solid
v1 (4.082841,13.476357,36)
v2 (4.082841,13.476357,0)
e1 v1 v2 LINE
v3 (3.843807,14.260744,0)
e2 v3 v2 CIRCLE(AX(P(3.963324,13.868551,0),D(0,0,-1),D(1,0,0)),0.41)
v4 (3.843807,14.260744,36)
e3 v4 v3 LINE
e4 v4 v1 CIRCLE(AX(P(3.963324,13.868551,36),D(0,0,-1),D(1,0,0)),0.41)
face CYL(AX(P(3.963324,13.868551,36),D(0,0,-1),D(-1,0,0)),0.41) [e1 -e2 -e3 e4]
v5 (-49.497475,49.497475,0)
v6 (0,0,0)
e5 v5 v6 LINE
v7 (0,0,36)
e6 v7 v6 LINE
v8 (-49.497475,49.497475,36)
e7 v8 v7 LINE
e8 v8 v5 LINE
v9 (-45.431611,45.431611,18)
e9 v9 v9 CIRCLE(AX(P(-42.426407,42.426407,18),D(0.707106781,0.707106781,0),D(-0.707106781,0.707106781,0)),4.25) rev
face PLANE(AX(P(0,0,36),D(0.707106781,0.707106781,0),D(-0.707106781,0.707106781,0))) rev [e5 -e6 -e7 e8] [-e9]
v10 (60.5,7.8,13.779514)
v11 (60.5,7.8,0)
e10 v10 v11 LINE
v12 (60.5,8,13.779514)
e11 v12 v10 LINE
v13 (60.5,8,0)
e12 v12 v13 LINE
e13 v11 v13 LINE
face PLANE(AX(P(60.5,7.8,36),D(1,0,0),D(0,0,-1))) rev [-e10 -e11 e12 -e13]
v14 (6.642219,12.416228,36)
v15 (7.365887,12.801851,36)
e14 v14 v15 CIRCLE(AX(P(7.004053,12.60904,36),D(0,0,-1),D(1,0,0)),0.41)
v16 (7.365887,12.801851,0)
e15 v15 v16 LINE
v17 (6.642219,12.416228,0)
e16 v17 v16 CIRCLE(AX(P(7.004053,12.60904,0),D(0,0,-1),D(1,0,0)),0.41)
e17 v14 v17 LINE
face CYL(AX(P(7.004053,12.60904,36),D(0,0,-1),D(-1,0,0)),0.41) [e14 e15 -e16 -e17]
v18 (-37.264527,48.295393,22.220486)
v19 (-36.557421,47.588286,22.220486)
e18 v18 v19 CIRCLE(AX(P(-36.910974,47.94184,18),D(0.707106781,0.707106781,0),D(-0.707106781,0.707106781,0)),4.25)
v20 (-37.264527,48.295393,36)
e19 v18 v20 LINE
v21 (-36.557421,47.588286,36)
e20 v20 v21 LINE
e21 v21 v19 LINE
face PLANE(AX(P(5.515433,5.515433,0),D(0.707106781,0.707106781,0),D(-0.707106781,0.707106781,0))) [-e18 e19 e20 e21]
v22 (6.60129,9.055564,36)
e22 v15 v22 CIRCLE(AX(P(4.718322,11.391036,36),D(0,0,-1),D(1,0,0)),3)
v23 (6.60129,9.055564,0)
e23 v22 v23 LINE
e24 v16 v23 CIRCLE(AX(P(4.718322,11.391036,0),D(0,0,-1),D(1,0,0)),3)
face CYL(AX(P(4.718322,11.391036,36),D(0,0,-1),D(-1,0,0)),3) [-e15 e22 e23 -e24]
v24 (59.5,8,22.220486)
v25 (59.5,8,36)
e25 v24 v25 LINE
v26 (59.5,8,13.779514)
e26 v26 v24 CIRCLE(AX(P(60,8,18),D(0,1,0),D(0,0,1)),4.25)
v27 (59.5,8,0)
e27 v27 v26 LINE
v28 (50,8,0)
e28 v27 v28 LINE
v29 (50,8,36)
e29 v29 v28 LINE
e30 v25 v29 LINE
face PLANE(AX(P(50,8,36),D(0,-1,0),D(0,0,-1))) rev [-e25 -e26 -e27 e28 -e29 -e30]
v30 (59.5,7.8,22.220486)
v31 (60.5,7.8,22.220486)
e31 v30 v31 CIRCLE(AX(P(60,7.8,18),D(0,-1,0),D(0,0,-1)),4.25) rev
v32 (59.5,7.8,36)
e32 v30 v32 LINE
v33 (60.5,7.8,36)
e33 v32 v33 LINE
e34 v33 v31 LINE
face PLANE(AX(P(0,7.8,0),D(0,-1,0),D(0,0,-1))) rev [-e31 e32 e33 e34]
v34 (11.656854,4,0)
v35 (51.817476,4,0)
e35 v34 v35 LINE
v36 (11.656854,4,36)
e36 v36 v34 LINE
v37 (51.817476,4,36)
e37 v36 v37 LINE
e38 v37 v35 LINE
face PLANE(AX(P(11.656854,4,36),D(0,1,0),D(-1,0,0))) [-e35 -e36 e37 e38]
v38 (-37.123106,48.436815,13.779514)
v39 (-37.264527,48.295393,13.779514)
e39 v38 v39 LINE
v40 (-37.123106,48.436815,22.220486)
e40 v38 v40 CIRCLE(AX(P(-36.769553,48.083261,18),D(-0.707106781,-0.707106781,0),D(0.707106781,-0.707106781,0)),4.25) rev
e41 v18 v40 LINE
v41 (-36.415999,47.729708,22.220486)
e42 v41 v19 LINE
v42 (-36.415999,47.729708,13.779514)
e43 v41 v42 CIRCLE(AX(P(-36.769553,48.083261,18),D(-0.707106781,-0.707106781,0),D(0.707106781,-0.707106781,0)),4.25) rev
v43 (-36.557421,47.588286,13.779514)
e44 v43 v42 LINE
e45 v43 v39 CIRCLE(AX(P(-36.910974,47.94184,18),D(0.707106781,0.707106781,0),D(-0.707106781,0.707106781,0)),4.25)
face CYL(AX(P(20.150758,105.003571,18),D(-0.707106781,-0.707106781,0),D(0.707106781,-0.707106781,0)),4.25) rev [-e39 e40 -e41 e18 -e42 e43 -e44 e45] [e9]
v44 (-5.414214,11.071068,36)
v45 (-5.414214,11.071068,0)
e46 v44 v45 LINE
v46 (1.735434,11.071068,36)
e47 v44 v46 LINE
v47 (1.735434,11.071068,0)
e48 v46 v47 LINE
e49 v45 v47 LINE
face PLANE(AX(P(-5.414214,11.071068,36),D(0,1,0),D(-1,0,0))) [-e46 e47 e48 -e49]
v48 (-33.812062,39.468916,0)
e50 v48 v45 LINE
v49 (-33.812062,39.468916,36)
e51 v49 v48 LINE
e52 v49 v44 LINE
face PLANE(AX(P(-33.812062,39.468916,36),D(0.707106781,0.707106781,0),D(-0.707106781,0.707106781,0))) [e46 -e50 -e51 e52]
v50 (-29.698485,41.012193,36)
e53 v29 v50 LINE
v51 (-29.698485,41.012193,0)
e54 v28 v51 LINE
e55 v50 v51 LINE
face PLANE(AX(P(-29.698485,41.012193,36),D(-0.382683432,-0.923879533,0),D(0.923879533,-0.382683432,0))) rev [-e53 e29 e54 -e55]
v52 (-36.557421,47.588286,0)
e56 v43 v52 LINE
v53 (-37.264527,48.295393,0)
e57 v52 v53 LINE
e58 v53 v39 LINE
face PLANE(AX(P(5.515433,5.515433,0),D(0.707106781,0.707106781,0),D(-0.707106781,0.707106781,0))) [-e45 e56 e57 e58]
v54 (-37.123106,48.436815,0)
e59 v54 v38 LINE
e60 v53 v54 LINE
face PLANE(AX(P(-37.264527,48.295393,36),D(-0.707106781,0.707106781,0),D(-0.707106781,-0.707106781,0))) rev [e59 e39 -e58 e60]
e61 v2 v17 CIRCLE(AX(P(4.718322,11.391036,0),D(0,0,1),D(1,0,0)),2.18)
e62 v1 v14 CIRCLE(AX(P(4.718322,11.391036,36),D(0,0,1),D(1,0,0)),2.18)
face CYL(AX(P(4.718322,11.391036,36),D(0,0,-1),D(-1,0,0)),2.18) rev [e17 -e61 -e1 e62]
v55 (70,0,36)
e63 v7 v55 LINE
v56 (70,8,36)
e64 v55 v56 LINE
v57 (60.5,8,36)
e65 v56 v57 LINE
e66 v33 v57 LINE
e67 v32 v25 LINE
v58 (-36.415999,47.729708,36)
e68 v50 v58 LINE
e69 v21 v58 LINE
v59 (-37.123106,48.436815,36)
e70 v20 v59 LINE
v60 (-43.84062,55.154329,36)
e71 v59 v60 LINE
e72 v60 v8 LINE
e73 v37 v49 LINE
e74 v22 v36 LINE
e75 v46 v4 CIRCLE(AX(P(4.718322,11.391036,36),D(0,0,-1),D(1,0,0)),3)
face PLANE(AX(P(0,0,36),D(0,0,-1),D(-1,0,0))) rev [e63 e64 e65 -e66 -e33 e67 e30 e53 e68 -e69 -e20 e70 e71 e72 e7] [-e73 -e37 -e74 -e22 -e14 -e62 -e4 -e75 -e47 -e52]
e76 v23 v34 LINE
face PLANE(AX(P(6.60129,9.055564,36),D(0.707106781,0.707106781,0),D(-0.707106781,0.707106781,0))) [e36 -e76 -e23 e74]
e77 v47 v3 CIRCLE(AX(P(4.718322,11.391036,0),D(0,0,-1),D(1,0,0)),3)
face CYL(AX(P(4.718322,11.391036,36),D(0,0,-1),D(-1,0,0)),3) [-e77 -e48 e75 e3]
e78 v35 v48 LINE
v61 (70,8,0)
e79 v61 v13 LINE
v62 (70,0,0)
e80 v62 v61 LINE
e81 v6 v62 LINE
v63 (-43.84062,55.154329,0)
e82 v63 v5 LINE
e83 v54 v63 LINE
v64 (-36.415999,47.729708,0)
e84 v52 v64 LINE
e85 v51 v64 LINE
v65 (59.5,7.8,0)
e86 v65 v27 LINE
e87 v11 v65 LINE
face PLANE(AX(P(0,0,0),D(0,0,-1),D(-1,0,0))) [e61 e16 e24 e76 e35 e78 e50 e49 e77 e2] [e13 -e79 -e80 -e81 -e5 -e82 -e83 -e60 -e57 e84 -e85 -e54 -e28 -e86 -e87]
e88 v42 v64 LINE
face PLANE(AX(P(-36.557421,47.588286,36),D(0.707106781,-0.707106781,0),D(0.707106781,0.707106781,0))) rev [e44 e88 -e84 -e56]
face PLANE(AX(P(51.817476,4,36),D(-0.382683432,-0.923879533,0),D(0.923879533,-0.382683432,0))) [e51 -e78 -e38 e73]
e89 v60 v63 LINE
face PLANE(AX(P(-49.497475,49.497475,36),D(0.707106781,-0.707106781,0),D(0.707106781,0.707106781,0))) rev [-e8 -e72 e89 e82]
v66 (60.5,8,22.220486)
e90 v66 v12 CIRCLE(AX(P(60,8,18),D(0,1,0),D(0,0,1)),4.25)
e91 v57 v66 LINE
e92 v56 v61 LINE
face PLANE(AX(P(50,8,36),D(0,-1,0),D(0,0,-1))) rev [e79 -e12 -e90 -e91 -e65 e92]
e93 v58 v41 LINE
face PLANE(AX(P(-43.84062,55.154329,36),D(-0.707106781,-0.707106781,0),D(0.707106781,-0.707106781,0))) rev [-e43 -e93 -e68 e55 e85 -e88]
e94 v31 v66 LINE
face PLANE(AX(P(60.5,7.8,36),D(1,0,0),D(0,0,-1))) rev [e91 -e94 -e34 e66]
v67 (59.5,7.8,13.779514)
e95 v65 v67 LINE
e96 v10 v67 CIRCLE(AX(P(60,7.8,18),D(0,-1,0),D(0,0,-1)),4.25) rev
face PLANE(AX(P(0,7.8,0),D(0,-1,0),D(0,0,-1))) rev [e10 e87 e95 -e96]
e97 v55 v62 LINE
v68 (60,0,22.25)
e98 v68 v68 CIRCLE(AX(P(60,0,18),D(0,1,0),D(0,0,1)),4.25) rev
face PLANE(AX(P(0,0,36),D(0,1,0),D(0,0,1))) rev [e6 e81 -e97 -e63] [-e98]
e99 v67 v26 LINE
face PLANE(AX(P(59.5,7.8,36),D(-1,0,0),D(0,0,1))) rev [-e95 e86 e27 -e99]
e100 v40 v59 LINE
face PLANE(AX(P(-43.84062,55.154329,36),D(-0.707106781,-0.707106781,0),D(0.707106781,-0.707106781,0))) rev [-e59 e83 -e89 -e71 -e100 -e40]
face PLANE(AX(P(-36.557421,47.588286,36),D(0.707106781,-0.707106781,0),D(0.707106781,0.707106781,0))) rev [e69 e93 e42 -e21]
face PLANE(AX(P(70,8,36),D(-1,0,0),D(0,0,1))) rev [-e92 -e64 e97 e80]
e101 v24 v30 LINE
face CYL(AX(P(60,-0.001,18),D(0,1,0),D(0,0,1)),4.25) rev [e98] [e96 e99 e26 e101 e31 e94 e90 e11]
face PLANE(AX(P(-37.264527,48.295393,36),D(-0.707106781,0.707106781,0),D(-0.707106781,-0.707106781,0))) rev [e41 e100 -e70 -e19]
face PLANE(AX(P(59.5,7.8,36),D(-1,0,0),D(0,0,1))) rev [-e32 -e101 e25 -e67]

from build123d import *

# Parameters (mm, degrees)
EXTRUDE_1_DEPTH                 = 36
CUT_EXTRUDE_1_REACH             = 93.758
SKETCH_2_R                      = 4.25
CUT_EXTRUDE_2_REACH             = 90.803
SKETCH_3_R                      = 4.25
CUT_EXTRUDE_2_DIRECTION_2_DEPTH = 89.803380595
SKETCH_4_W                      = 1
SKETCH_4_H                      = 36
CUT_EXTRUDE_3_DEPTH             = 0.2
SKETCH_5_W                      = 36
SKETCH_5_H                      = 1
CUT_EXTRUDE_4_DEPTH             = 0.2


with BuildPart() as part:
    # 草图1 → 凸台-拉伸1 (new body)
    with BuildSketch(Plane.XY):
        Polygon((0, 0), (70, 0), (70, 8), (50, 8), (-29.69848481, 41.012193309), (-43.840620434, 55.154328933), (-49.497474683, 49.497474683), align=None)
        with BuildLine():
            Line((-33.812061864, 39.468916114), (-5.414213562, 11.071067812))
            Line((-5.414213562, 11.071067812), (1.735433814, 11.071067812))
            ThreePointArc((1.735433814, 11.071067812), (2.215643659, 13.045304249), (3.843807178, 14.260744318))
            ThreePointArc((3.843807178, 14.260744318), (4.355517598, 13.988067869), (4.08284115, 13.476357449))
            ThreePointArc((4.08284115, 13.476357449), (3.884071826, 9.376978879), (6.642219074, 12.416228401))
            ThreePointArc((6.642219074, 12.416228401), (6.811241616, 12.970873675), (7.365886891, 12.801851133))
            ThreePointArc((7.365886891, 12.801851133), (7.657726441, 10.791119753), (6.601290107, 9.055564143))
            Line((6.601290107, 9.055564143), (11.656854249, 4))
            Line((11.656854249, 4), (51.81747646, 4))
            Line((51.81747646, 4), (-33.812061864, 39.468916114))
        make_face(mode=Mode.SUBTRACT)
    extrude(amount=EXTRUDE_1_DEPTH)

    # 草图2 → 切除-拉伸1 (cut, up to next)
    with BuildSketch(Plane(origin=(0, 8, 0), x_dir=(1, 0, 0), z_dir=(0, 1, 0)), mode=Mode.PRIVATE) as cut_extrude_1_sk1:
        with Locations(Location((60, -18, 0), (0, 0, 270))):
            Circle(SKETCH_2_R)
    cut_extrude_1_tool1 = extrude(cut_extrude_1_sk1.sketch, amount=-CUT_EXTRUDE_1_REACH, mode=Mode.PRIVATE) & part.part
    add(cut_extrude_1_tool1.solids().sort_by_distance((60, 8, 18))[0], mode=Mode.SUBTRACT)

    # 草图3 → 切除-拉伸2 (cut, up to next)
    with BuildSketch(Plane(origin=(5.656854249, 5.656854249, 0), x_dir=(0, 0, -1), z_dir=(0.7071067811865437, 0.7071067811865513, 0)), mode=Mode.PRIVATE) as cut_extrude_2_sk1:
        with Locations(Location((-18, 60, 0), (0, 0, 270))):
            Circle(SKETCH_3_R)
    cut_extrude_2_tool1 = extrude(cut_extrude_2_sk1.sketch, amount=-CUT_EXTRUDE_2_REACH, mode=Mode.PRIVATE) & part.part
    add(cut_extrude_2_tool1.solids().sort_by_distance((-36.769553, 48.083261, 18))[0], mode=Mode.SUBTRACT)

    # 草图3 → 切除-拉伸2 direction 2 (cut)
    with BuildSketch(Plane(origin=(5.656854249, 5.656854249, 0), x_dir=(0, 0, -1), z_dir=(0.7071067811865437, 0.7071067811865513, 0))):
        with Locations(Location((-18, 60, 0), (0, 0, 270))):
            Circle(SKETCH_3_R)
    extrude(amount=CUT_EXTRUDE_2_DIRECTION_2_DEPTH, mode=Mode.SUBTRACT)

    # 草图4 → 切除-拉伸3 (cut)
    with BuildSketch(Plane(origin=(0, 8, 0), x_dir=(1, 0, 0), z_dir=(0, 1, 0))):
        with Locations((60, -18)):
            Rectangle(SKETCH_4_W, SKETCH_4_H)
    extrude(amount=-CUT_EXTRUDE_3_DEPTH, mode=Mode.SUBTRACT)

    # 草图5 → 切除-拉伸4 (cut)
    with BuildSketch(Plane(origin=(5.656854249, 5.656854249, 0), x_dir=(0, 0, -1), z_dir=(0.7071067811865437, 0.7071067811865513, 0))):
        with Locations((-18, 60)):
            Rectangle(SKETCH_5_W, SKETCH_5_H)
    extrude(amount=-CUT_EXTRUDE_4_DEPTH, mode=Mode.SUBTRACT)


solid = part.part
